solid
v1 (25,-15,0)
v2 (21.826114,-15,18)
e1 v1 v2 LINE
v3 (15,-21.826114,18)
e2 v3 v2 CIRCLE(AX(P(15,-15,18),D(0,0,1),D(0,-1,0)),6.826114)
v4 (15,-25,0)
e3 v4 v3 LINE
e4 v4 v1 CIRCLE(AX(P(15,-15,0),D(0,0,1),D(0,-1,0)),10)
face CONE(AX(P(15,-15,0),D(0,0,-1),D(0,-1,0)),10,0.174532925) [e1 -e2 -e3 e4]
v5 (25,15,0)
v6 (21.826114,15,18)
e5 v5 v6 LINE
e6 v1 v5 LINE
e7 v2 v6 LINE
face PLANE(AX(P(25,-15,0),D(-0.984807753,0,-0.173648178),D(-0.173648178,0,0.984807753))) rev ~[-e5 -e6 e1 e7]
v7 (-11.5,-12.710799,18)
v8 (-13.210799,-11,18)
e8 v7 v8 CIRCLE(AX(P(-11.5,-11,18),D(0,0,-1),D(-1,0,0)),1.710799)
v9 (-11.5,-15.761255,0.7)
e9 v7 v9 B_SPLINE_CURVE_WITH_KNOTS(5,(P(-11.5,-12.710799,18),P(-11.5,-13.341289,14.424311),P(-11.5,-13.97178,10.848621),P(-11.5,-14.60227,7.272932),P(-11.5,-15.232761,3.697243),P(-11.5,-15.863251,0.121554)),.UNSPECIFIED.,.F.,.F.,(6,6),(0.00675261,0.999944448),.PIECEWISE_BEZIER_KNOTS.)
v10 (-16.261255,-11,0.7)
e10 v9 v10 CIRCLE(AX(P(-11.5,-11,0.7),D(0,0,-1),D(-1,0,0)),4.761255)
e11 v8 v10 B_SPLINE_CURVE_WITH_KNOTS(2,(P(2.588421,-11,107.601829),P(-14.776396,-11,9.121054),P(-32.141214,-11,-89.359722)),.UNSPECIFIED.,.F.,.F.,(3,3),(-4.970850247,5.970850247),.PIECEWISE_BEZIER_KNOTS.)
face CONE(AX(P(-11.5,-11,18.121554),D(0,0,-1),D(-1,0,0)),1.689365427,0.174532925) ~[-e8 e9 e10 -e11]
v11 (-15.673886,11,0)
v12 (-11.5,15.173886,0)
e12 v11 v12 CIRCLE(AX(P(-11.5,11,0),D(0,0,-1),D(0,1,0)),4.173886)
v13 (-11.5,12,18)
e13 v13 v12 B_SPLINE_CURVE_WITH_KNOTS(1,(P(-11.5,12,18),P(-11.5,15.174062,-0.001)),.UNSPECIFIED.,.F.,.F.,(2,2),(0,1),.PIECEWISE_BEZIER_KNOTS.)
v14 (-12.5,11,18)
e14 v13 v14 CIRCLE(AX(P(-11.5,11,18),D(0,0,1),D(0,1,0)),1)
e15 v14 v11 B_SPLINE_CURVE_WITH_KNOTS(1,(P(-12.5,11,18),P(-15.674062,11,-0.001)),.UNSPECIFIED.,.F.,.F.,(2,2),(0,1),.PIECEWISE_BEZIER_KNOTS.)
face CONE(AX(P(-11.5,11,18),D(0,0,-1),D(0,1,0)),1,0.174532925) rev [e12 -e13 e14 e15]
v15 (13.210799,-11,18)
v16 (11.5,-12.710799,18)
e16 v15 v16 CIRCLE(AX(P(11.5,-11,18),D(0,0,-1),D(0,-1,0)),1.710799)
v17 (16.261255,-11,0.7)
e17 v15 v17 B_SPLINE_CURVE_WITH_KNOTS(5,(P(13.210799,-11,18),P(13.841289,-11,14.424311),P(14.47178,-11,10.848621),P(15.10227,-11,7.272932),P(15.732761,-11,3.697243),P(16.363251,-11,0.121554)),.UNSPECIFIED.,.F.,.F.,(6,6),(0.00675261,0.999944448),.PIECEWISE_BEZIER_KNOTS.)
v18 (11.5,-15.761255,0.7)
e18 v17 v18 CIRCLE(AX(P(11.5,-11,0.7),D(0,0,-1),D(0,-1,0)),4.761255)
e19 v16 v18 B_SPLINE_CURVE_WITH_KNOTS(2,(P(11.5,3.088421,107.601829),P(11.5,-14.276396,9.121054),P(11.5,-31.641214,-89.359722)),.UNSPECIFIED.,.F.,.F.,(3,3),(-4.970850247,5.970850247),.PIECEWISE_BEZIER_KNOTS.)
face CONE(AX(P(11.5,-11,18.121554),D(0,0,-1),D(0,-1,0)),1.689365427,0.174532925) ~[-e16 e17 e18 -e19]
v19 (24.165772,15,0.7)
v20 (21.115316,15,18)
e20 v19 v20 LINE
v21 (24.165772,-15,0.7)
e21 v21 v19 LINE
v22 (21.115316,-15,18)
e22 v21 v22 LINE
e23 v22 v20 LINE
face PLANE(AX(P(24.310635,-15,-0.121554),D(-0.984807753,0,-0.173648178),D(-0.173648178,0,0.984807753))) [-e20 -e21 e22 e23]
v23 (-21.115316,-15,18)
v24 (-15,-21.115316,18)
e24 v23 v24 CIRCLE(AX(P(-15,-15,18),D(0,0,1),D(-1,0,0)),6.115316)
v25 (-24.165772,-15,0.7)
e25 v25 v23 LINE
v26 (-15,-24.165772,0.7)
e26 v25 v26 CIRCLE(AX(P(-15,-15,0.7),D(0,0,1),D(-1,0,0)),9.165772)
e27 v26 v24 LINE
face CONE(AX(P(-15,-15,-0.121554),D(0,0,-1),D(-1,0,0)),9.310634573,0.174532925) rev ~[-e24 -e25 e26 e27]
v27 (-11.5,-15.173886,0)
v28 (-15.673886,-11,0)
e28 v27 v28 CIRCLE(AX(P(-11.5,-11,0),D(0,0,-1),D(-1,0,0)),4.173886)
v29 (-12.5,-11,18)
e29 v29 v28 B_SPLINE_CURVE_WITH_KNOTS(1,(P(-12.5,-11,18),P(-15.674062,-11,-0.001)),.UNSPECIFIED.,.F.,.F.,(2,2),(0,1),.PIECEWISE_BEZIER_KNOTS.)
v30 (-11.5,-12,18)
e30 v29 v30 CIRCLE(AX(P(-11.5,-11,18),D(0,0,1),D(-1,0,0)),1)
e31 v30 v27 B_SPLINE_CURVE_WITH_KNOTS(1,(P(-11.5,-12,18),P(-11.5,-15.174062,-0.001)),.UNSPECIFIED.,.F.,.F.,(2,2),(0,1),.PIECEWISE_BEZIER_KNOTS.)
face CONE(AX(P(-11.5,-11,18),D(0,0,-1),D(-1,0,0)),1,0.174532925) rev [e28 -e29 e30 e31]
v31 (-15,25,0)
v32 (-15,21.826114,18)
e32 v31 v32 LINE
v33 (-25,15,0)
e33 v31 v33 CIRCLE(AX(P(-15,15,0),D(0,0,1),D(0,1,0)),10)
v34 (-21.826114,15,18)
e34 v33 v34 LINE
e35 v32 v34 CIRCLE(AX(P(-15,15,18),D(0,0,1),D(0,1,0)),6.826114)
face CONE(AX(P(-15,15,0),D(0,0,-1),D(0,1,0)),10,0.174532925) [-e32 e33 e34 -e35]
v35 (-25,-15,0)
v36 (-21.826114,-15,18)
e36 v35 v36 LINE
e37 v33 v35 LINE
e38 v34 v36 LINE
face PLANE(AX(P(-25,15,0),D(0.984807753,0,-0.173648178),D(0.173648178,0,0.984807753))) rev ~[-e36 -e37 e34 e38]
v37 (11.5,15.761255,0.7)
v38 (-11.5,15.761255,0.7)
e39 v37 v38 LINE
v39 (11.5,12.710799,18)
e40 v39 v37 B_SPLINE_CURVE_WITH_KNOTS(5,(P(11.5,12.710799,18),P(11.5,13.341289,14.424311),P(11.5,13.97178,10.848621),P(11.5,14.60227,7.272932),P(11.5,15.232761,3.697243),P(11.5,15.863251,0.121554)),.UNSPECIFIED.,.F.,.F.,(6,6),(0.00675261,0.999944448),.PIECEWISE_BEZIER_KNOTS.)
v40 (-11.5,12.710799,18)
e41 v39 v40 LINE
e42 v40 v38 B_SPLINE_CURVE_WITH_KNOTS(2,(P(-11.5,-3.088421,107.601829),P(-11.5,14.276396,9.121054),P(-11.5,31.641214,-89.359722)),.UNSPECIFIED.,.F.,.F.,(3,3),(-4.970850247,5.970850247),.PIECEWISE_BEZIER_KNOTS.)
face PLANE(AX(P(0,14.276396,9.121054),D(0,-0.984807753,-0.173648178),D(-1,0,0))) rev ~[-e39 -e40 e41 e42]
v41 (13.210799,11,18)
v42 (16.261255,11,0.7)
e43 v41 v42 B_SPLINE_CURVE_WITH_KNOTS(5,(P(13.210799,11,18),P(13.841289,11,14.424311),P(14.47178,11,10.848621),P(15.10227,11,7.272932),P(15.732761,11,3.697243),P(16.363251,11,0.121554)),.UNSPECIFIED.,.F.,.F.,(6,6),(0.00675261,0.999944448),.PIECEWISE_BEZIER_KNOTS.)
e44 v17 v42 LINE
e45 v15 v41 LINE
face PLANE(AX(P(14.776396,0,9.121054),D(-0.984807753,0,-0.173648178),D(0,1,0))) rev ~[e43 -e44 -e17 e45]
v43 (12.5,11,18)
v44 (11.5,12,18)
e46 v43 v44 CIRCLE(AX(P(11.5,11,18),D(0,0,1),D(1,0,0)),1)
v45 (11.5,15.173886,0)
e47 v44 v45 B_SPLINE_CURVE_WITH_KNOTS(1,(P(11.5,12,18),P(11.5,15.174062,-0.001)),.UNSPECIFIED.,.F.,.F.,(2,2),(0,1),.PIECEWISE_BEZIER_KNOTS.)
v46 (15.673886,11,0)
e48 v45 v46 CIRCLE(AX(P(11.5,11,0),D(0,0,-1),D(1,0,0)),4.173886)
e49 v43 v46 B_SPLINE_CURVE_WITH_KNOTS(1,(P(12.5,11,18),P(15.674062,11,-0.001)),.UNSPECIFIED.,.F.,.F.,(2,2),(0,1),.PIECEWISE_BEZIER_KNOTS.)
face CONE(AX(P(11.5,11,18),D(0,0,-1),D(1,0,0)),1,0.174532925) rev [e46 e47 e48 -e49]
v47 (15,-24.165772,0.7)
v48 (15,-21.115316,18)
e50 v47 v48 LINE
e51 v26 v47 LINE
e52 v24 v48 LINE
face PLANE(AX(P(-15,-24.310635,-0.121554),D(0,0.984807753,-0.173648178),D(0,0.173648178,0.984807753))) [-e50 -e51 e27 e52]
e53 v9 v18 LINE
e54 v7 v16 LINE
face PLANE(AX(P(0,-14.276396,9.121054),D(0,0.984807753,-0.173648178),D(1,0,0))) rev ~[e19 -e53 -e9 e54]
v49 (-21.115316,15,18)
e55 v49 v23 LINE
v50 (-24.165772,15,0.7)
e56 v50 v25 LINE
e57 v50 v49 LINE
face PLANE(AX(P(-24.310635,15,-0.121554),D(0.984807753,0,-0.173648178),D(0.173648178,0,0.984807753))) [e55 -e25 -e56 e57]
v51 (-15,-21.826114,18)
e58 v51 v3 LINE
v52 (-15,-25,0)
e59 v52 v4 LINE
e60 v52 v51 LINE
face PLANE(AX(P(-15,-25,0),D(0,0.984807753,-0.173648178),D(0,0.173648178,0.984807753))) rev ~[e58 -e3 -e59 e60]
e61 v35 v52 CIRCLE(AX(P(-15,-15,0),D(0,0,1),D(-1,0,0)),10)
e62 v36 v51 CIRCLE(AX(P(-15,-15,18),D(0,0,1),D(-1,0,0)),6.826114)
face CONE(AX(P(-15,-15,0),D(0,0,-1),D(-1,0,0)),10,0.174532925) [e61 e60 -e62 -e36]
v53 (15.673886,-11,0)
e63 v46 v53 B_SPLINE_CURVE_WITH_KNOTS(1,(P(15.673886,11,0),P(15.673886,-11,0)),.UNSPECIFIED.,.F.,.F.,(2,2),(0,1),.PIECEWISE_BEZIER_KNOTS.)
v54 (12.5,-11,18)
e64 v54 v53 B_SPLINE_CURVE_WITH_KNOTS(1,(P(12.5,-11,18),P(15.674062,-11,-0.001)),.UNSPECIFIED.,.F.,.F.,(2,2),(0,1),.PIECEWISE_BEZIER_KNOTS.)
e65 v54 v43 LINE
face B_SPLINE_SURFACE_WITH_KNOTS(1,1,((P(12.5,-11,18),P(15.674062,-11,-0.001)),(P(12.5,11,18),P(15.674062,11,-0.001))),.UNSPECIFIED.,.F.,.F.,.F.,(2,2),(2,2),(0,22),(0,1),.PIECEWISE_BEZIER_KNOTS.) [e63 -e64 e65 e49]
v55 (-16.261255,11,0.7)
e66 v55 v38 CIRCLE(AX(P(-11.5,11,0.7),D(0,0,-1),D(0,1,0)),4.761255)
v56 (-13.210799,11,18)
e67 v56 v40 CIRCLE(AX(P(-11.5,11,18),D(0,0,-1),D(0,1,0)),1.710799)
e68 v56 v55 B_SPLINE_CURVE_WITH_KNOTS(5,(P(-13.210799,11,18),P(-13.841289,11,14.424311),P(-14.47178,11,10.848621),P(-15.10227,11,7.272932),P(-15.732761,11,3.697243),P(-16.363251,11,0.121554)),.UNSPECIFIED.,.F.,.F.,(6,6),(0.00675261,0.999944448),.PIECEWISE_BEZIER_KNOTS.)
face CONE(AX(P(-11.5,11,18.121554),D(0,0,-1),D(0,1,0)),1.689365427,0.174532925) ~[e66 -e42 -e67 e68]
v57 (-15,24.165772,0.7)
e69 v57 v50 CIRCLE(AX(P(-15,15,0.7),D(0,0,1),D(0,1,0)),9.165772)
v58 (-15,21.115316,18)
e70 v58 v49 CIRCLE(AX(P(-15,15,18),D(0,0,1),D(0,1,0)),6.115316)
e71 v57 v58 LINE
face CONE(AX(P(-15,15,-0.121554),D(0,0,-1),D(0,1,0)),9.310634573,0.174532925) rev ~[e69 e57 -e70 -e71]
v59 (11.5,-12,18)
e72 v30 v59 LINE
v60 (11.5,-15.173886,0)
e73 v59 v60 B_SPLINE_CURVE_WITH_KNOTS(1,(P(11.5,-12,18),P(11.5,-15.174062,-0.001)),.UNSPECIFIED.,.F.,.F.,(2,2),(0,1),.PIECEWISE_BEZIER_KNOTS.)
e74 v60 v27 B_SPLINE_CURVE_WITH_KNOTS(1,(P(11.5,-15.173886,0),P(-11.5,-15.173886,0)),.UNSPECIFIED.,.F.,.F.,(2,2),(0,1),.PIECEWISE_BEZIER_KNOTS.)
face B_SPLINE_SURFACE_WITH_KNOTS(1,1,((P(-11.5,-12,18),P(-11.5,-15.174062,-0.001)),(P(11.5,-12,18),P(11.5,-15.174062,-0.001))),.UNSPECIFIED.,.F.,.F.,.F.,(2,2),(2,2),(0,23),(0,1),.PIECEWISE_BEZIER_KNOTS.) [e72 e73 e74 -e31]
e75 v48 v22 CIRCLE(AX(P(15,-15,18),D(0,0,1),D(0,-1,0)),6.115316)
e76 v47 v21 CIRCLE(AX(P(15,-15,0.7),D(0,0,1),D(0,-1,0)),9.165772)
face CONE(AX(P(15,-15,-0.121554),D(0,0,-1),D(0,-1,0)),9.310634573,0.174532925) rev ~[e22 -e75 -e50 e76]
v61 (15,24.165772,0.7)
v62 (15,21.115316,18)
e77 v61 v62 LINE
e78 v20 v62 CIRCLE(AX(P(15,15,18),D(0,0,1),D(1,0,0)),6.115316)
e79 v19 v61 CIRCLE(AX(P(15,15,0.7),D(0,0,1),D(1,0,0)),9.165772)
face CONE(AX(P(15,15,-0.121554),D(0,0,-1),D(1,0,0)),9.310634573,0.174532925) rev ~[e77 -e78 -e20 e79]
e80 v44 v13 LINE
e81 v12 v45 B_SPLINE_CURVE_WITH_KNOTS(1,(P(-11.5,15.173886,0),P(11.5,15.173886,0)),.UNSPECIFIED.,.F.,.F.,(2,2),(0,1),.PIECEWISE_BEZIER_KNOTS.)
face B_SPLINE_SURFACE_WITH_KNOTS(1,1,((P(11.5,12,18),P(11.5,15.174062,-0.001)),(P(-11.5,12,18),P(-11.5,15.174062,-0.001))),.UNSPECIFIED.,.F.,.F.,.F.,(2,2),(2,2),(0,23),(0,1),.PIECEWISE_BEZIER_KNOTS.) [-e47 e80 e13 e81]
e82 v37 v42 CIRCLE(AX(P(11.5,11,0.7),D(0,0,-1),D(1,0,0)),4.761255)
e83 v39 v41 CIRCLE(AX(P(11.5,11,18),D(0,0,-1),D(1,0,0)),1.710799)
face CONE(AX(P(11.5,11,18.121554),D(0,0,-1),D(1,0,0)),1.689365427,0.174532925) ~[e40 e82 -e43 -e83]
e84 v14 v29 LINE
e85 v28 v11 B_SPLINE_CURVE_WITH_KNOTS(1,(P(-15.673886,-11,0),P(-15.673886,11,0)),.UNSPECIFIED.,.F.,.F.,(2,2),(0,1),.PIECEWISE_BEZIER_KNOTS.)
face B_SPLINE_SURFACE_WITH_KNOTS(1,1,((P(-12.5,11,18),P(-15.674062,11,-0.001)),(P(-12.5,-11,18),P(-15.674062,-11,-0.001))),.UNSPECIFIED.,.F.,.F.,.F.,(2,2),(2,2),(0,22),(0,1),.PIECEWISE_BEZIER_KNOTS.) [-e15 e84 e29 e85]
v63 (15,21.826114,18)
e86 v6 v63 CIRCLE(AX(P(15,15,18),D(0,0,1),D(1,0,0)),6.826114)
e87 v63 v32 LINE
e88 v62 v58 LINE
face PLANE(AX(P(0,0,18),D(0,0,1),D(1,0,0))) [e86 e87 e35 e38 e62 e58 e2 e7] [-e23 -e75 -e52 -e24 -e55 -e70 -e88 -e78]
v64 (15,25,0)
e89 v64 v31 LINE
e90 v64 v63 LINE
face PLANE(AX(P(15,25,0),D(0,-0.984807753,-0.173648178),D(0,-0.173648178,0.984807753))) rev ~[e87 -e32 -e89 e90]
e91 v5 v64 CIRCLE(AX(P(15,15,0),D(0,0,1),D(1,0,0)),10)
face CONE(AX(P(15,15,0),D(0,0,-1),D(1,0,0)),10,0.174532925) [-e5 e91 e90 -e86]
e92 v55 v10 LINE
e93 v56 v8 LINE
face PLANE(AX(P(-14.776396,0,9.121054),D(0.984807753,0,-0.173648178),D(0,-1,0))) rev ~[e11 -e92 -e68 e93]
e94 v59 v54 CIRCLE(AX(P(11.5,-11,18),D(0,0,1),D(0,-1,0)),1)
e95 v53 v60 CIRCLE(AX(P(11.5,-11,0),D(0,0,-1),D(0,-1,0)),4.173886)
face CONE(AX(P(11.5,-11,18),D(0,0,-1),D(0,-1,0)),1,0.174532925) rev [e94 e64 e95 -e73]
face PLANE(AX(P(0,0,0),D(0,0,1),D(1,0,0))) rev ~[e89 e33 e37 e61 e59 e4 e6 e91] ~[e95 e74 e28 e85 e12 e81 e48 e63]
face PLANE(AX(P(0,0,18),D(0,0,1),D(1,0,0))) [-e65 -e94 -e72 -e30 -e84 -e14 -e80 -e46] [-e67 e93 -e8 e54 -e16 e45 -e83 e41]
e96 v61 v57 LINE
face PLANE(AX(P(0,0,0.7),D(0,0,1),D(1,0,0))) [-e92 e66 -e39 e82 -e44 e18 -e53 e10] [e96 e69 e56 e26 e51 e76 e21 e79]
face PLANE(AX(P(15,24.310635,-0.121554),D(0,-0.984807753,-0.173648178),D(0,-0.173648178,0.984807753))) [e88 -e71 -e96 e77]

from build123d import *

# Parameters (mm, degrees)
F1_DEPTH = 18
F1_TAPER = 10
F3_DEPTH = 18.001
F3_TAPER = -10
F4_T     = -0.7


with BuildPart() as f1:
    # F0 (on Top) → F1 (new body)
    with BuildSketch(Plane.XY):
        with BuildLine():
            ThreePointArc((25, 15), (22.0710678119, 22.0710678119), (15, 25))
            Line((15, 25), (-15, 25))
            ThreePointArc((-15, 25), (-22.0710678119, 22.0710678119), (-25, 15))
            Line((-25, 15), (-25, -15))
            ThreePointArc((-25, -15), (-22.0710678119, -22.0710678119), (-15, -25))
            Line((-15, -25), (15, -25))
            ThreePointArc((15, -25), (22.0710678119, -22.0710678119), (25, -15))
            Line((25, -15), (25, 15))
        make_face()
    extrude(amount=F1_DEPTH, taper=F1_TAPER)

    # F2 (on face) → F3 (cut, through all)
    with BuildSketch(Plane.XY.offset(18)):
        with BuildLine():
            ThreePointArc((12.5, 11), (12.2071067812, 11.7071067812), (11.5, 12))
            Line((11.5, 12), (-11.5, 12))
            ThreePointArc((-11.5, 12), (-12.2071067812, 11.7071067812), (-12.5, 11))
            Line((-12.5, 11), (-12.5, -11))
            ThreePointArc((-12.5, -11), (-12.2071067812, -11.7071067812), (-11.5, -12))
            Line((-11.5, -12), (11.5, -12))
            ThreePointArc((11.5, -12), (12.2071067812, -11.7071067812), (12.5, -11))
            Line((12.5, -11), (12.5, 11))
        make_face()
    extrude(amount=-F3_DEPTH, taper=F3_TAPER, mode=Mode.SUBTRACT)

    # F4
    f4_openings = [f1.faces().sort_by_distance(p)[0] for p in [
        (21.208779, 0, 18),
    ]]
    offset(amount=F4_T, openings=f4_openings)


solid = f1.part
